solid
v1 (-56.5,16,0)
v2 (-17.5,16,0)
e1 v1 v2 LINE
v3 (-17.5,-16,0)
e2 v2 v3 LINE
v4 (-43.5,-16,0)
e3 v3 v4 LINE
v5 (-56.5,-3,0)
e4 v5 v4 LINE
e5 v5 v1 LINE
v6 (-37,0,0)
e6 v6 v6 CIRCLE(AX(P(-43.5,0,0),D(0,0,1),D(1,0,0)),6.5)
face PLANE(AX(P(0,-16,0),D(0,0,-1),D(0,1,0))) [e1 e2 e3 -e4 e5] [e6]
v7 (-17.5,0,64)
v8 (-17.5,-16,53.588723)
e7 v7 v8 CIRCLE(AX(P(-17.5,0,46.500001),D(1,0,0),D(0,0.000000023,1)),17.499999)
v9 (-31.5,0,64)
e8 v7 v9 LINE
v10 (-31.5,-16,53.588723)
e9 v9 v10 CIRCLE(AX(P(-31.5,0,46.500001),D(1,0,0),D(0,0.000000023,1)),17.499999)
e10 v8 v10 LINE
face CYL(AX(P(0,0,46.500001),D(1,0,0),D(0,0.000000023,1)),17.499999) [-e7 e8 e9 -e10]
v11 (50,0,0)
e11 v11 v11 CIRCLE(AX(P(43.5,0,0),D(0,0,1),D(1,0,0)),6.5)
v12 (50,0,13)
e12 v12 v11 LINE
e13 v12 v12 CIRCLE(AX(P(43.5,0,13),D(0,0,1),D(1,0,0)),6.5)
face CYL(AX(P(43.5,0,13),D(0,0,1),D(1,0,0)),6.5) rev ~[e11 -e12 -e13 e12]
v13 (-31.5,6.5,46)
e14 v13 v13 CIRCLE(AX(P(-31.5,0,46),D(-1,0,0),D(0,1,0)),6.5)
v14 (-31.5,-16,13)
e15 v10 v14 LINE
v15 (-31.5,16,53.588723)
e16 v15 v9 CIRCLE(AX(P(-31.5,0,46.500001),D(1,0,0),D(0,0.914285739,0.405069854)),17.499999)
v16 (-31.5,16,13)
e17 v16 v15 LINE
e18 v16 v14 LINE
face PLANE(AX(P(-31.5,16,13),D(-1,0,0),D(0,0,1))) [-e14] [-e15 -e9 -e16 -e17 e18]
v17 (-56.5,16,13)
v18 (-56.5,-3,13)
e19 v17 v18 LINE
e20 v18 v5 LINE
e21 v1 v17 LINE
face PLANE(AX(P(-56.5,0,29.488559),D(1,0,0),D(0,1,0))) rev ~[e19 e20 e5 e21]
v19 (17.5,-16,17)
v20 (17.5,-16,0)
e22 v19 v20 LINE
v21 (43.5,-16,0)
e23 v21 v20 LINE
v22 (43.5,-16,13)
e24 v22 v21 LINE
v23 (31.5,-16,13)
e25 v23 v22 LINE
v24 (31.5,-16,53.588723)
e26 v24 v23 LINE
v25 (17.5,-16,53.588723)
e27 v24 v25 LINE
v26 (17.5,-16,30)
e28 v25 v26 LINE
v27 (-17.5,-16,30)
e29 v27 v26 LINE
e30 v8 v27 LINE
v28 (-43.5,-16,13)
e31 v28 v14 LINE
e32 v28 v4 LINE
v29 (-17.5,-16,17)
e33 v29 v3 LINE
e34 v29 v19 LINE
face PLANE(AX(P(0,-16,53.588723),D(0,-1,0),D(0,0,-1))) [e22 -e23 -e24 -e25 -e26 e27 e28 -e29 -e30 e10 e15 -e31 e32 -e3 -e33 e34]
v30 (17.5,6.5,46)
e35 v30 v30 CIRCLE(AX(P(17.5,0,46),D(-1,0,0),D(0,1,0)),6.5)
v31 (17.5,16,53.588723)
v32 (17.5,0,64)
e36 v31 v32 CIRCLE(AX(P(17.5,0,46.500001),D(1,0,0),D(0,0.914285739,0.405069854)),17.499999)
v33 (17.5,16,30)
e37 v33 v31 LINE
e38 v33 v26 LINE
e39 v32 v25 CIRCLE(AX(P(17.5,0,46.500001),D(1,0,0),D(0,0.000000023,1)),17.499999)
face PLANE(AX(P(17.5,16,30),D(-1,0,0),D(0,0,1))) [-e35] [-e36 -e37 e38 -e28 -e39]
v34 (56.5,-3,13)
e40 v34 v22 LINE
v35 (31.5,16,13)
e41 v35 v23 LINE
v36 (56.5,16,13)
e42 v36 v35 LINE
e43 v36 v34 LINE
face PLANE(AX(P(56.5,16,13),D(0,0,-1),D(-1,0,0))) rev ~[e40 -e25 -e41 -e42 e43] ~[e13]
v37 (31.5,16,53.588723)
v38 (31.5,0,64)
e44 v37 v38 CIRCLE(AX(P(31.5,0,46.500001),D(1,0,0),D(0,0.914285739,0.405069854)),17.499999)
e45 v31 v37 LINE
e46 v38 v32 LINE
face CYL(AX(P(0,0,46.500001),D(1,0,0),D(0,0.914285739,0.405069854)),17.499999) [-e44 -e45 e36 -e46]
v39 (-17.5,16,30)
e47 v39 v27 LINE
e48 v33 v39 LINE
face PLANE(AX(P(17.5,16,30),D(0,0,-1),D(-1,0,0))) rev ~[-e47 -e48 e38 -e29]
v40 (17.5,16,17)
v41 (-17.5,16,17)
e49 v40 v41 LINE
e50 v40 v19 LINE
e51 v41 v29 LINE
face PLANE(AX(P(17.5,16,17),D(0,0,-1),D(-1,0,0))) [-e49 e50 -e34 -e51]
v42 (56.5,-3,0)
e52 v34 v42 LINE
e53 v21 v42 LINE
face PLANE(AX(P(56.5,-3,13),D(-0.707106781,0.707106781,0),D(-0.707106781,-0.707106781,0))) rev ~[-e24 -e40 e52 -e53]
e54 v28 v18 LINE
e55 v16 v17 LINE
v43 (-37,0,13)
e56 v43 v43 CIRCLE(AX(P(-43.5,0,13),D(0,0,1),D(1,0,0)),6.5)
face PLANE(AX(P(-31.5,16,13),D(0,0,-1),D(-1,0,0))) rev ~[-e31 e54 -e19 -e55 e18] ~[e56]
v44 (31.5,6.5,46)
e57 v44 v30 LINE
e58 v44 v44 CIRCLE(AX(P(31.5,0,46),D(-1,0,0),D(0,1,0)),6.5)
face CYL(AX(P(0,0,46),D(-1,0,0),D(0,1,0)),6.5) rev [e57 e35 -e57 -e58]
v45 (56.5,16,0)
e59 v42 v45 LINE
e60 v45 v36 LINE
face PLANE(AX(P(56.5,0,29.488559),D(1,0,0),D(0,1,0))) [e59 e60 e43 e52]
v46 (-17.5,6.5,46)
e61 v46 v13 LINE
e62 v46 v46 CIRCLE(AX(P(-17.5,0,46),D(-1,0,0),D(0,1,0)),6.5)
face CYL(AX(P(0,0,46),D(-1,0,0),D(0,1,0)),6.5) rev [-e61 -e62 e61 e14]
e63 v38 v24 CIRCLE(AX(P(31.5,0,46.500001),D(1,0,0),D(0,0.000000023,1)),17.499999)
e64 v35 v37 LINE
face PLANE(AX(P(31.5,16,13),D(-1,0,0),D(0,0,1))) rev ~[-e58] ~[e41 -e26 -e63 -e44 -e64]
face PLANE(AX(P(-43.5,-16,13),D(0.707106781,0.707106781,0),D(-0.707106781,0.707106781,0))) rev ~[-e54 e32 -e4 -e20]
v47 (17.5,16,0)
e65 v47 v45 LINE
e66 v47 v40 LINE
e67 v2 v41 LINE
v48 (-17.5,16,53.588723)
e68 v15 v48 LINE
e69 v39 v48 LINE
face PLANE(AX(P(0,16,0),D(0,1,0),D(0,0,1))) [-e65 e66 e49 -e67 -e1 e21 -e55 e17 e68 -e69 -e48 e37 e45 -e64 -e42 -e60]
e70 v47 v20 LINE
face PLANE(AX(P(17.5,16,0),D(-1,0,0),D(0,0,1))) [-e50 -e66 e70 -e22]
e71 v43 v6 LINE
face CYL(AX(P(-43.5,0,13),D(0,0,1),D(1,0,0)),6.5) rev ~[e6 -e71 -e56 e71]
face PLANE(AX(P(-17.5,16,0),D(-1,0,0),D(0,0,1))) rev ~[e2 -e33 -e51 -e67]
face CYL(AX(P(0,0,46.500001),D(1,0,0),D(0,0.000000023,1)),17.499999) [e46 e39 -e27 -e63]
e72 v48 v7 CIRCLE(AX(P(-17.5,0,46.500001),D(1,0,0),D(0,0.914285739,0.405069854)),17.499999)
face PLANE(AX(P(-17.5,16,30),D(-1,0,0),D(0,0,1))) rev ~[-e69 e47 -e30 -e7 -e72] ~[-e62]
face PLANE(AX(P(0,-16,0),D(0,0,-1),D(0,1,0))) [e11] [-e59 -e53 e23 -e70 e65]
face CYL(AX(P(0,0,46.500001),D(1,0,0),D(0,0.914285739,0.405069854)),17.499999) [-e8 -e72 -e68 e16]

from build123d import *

# Parameters (mm, degrees)
F0_R     = 6.5
F1_DEPTH = 56.5
F2_W     = 25
F2_H     = 51
F2_W_2   = 35
F2_H_2   = 17
F2_H_3   = 34
F3_DEPTH = 32.001
F4_R     = 6.5
F5_DEPTH = 13.001
F6_R     = 6.5
F7_DEPTH = 13.001


with BuildPart() as f1:
    # F0 (on Right) → F1 (new body, symmetric)
    with BuildSketch(Plane.YZ):
        with BuildLine():
            Line((-16, 0), (16, 0))
            Line((16, 0), (16, 53.588723))
            ThreePointArc((16, 53.588723), (9.544562, 61.168038), (0, 64))
            ThreePointArc((0, 64), (-9.544562, 61.168038), (-16, 53.588723))
            Line((-16, 53.588723), (-16, 0))
        make_face()
        with Locations((0, 46)):
            Circle(F0_R, mode=Mode.SUBTRACT)
    extrude(amount=F1_DEPTH, both=True)

    # F2 (on face) → F3 (cut, through all)
    with BuildSketch(Plane(origin=(0, 16, 0), x_dir=(-1, 0, 0), z_dir=(0, 1, 0))):
        with Locations((44, 38.5)):
            Rectangle(F2_W, F2_H)
        with Locations((-44, 38.5)):
            Rectangle(F2_W, F2_H)
        with Locations((0, 8.5)):
            Rectangle(F2_W_2, F2_H_2)
        with Locations((0, 47)):
            Rectangle(F2_W_2, F2_H_3)
    extrude(amount=-F3_DEPTH, mode=Mode.SUBTRACT)

    # F4 (on face) → F5 (cut, through all)
    with BuildSketch(Plane.XY.offset(13)):
        with Locations((-43.5, 0)):
            Circle(F4_R)
        Polygon((-56.5, -3), (-56.5, -16), (-43.5, -16), align=None)
    extrude(amount=-F5_DEPTH, mode=Mode.SUBTRACT)

    # F6 (on face) → F7 (cut, through all)
    with BuildSketch(Plane.XY.offset(13)):
        with Locations((43.5, 0)):
            Circle(F6_R)
        Polygon((56.5, -3), (43.5, -16), (56.5, -16), align=None)
    extrude(amount=-F7_DEPTH, mode=Mode.SUBTRACT)


solid = f1.part
